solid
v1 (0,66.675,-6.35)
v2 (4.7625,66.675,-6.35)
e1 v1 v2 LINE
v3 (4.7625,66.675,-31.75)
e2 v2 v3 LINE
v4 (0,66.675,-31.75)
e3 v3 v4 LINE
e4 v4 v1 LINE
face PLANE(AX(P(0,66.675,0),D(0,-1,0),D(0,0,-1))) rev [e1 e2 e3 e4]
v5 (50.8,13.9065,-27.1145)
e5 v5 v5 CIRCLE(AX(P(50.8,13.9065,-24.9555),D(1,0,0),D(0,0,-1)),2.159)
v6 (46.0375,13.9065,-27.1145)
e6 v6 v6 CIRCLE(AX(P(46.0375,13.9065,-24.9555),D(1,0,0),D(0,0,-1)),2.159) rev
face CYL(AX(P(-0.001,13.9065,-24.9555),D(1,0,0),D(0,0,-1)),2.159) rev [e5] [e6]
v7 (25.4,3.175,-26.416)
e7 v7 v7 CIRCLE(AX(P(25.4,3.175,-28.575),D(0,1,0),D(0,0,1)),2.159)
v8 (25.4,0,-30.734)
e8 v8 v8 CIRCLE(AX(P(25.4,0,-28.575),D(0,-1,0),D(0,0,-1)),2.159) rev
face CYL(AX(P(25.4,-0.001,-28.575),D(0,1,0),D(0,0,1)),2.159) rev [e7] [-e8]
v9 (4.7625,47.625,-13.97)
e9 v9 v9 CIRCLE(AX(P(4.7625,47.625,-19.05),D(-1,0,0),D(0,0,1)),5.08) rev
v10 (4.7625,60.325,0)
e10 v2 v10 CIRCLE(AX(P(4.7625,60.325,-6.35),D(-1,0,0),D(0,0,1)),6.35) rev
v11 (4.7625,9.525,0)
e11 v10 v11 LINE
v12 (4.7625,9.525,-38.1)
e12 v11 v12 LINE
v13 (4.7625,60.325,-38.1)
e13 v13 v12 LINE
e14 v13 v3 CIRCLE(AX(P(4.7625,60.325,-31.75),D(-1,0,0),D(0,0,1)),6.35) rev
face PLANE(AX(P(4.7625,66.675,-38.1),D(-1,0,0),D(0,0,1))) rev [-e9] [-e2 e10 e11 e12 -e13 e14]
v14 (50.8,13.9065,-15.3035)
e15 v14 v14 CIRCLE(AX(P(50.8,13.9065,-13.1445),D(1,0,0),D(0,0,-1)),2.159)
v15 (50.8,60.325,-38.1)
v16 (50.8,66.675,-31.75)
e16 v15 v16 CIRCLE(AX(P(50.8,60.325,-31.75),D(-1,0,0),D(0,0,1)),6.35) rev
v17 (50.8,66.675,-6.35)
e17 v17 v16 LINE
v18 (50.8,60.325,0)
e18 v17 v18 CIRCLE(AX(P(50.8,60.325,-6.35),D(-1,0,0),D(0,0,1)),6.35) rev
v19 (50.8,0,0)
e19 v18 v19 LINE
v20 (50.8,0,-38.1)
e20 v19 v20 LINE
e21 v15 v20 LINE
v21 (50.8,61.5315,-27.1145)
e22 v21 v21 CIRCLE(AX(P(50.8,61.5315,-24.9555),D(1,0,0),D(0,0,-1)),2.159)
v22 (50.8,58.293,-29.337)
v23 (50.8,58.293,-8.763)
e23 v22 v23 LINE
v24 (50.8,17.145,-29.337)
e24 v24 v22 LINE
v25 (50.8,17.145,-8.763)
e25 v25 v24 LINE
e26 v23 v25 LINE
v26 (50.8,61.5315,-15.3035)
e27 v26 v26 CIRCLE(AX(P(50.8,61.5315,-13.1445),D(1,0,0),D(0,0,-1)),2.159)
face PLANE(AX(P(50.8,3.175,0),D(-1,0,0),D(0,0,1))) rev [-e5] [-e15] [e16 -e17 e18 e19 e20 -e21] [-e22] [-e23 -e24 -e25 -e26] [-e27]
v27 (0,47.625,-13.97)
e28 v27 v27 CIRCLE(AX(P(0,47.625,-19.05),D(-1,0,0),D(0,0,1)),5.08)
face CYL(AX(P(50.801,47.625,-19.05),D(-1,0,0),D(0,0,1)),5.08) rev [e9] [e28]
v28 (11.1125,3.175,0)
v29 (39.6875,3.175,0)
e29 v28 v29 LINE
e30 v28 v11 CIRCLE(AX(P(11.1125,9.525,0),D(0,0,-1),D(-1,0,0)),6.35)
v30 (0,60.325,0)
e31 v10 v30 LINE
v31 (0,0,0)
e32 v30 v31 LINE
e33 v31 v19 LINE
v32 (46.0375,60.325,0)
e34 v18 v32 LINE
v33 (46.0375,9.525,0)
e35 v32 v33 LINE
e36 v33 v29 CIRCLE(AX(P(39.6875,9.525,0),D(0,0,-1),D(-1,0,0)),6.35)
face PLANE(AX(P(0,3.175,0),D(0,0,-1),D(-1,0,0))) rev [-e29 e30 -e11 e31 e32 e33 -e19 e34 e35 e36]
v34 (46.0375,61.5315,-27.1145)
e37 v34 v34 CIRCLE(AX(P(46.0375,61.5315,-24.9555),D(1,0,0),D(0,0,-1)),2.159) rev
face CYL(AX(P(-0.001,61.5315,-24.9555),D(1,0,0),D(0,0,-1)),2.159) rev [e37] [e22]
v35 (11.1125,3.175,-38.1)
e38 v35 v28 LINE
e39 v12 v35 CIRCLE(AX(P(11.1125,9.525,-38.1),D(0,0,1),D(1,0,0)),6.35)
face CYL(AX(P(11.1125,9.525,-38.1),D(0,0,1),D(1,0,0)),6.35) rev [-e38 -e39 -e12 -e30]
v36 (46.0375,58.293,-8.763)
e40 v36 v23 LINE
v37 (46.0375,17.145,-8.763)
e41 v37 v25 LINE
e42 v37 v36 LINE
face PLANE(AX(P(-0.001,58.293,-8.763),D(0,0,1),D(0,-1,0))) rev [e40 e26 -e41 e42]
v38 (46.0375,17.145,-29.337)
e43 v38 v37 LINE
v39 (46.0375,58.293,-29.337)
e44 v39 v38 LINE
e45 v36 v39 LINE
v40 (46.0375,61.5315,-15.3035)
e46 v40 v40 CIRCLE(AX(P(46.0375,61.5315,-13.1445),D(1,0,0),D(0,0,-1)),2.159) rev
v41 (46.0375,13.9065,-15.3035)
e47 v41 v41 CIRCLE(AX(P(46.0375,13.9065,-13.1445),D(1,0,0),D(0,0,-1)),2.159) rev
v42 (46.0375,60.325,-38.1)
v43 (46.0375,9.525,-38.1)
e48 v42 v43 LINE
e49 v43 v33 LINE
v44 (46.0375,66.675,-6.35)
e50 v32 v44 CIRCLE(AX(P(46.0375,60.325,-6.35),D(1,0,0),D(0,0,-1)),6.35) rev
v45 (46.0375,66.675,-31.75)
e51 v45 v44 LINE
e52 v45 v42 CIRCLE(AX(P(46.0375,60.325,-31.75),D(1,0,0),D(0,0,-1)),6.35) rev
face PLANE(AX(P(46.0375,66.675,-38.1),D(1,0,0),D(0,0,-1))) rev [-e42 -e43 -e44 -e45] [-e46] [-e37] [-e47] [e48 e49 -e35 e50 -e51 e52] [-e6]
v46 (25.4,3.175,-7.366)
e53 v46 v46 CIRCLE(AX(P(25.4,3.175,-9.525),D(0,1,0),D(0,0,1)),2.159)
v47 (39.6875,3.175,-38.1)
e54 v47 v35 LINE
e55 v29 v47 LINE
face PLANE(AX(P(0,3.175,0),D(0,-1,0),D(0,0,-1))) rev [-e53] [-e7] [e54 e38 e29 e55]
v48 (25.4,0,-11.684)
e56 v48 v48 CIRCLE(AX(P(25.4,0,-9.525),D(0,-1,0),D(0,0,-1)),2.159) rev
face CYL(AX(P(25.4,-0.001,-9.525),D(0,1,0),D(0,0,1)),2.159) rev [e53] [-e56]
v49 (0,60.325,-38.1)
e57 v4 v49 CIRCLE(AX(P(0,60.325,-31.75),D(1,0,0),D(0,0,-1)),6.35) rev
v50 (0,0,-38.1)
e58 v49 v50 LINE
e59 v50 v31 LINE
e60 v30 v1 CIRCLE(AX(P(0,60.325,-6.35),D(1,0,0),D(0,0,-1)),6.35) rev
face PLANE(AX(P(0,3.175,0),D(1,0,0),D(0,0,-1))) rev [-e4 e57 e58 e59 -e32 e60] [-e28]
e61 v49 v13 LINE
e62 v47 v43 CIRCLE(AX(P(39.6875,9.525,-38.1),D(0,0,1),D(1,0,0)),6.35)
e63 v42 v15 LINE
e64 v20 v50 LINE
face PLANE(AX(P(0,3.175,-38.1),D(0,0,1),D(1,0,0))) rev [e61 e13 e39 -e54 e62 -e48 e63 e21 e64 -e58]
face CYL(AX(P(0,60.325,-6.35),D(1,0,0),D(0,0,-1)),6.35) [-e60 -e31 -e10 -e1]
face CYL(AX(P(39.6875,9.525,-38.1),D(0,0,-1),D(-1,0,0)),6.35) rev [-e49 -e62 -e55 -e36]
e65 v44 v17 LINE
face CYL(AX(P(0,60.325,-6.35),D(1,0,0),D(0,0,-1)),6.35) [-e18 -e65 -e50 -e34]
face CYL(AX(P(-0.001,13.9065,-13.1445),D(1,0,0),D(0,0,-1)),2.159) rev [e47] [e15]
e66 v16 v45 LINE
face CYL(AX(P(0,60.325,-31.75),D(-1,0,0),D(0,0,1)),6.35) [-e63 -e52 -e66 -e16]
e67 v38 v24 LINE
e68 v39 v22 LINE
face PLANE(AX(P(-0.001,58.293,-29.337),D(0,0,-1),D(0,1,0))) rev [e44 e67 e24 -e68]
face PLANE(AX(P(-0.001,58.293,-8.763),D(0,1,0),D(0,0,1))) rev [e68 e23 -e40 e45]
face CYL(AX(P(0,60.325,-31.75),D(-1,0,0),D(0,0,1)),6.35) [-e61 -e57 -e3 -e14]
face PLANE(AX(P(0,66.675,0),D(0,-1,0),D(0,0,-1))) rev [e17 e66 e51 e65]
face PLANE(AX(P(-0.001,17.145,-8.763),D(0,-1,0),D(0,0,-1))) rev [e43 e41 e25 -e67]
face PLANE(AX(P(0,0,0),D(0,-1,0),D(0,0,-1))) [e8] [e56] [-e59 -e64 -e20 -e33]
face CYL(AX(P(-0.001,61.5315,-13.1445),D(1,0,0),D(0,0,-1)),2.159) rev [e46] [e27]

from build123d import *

# Parameters (mm, degrees)
SKETCH1_W           = 50.8
SKETCH1_H           = 38.1
BOSS_EXTRUDE1_DEPTH = 3.175
SKETCH2_W           = 4.7625
SKETCH2_H           = 38.1
BOSS_EXTRUDE2_DEPTH = 63.5
FILLET1_R           = 6.35
CUT_EXTRUDE1_REACH  = 52.8
SKETCH3_R           = 2.159
SKETCH3_W           = 20.574
SKETCH3_H           = 41.148
CUT_EXTRUDE2_REACH  = 5.175
SKETCH4_R           = 2.159
CUT_EXTRUDE3_REACH  = 52.8
SKETCH5_R           = 5.08


with BuildPart() as part:
    # Sketch1 → Boss-Extrude1 (new body)
    with BuildSketch(Plane(origin=(0, 0, 0), x_dir=(1, 0, 0), z_dir=(0, 1, 0))):
        with Locations((25.4, 19.05)):
            Rectangle(SKETCH1_W, SKETCH1_H)
    extrude(amount=BOSS_EXTRUDE1_DEPTH)

    # Sketch2 → Boss-Extrude2 (add)
    with BuildSketch(Plane(origin=(0, 3.175, 0), x_dir=(1, 0, 0), z_dir=(0, 1, 0))):
        with Locations((48.41875, 19.05)):
            Rectangle(SKETCH2_W, SKETCH2_H)
        with Locations((2.38125, 19.05)):
            Rectangle(SKETCH2_W, SKETCH2_H)
    extrude(amount=BOSS_EXTRUDE2_DEPTH)

    # Fillet1
    fillet1_edges = [part.edges().sort_by_distance(p)[0] for p in [
        (46.0375, 3.175, -19.05),
        (48.41875, 66.675, -38.1),
        (48.41875, 66.675, 0),
        (4.7625, 3.175, -19.05),
        (2.38125, 66.675, -38.1),
        (2.38125, 66.675, 0),
    ]]
    fillet(fillet1_edges, radius=FILLET1_R)

    # Sketch3 → Cut-Extrude1 (cut, up to next)
    with BuildSketch(Plane(origin=(50.8, 0, 0), x_dir=(0, 0, -1), z_dir=(1, 0, 0)), mode=Mode.PRIVATE) as cut_extrude1_sk1:
        with Locations((24.9555, 61.5315)):
            Circle(SKETCH3_R)
    cut_extrude1_tool1 = extrude(cut_extrude1_sk1.sketch, amount=-CUT_EXTRUDE1_REACH, mode=Mode.PRIVATE) & part.part
    add(cut_extrude1_tool1.solids().sort_by_distance((50.8, 61.5315, -24.9555))[0], mode=Mode.SUBTRACT)
    # Sketch3 → Cut-Extrude1 (cut, up to next)
    with BuildSketch(Plane(origin=(50.8, 0, 0), x_dir=(0, 0, -1), z_dir=(1, 0, 0)), mode=Mode.PRIVATE) as cut_extrude1_sk2:
        with Locations((13.1445, 61.5315)):
            Circle(SKETCH3_R)
    cut_extrude1_tool2 = extrude(cut_extrude1_sk2.sketch, amount=-CUT_EXTRUDE1_REACH, mode=Mode.PRIVATE) & part.part
    add(cut_extrude1_tool2.solids().sort_by_distance((50.8, 61.5315, -13.1445))[0], mode=Mode.SUBTRACT)
    # Sketch3 → Cut-Extrude1 (cut, up to next)
    with BuildSketch(Plane(origin=(50.8, 0, 0), x_dir=(0, 0, -1), z_dir=(1, 0, 0)), mode=Mode.PRIVATE) as cut_extrude1_sk3:
        with Locations((13.1445, 13.9065)):
            Circle(SKETCH3_R)
    cut_extrude1_tool3 = extrude(cut_extrude1_sk3.sketch, amount=-CUT_EXTRUDE1_REACH, mode=Mode.PRIVATE) & part.part
    add(cut_extrude1_tool3.solids().sort_by_distance((50.8, 13.9065, -13.1445))[0], mode=Mode.SUBTRACT)
    # Sketch3 → Cut-Extrude1 (cut, up to next)
    with BuildSketch(Plane(origin=(50.8, 0, 0), x_dir=(0, 0, -1), z_dir=(1, 0, 0)), mode=Mode.PRIVATE) as cut_extrude1_sk4:
        with Locations((24.9555, 13.9065)):
            Circle(SKETCH3_R)
    cut_extrude1_tool4 = extrude(cut_extrude1_sk4.sketch, amount=-CUT_EXTRUDE1_REACH, mode=Mode.PRIVATE) & part.part
    add(cut_extrude1_tool4.solids().sort_by_distance((50.8, 13.9065, -24.9555))[0], mode=Mode.SUBTRACT)
    # Sketch3 → Cut-Extrude1 (cut, up to next)
    with BuildSketch(Plane(origin=(50.8, 0, 0), x_dir=(0, 0, -1), z_dir=(1, 0, 0)), mode=Mode.PRIVATE) as cut_extrude1_sk5:
        with Locations((19.05, 37.719)):
            Rectangle(SKETCH3_W, SKETCH3_H)
    cut_extrude1_tool5 = extrude(cut_extrude1_sk5.sketch, amount=-CUT_EXTRUDE1_REACH, mode=Mode.PRIVATE) & part.part
    add(cut_extrude1_tool5.solids().sort_by_distance((50.8, 37.719, -19.05))[0], mode=Mode.SUBTRACT)

    # Sketch4 → Cut-Extrude2 (cut, up to next)
    with BuildSketch(Plane(origin=(0, 3.175, 0), x_dir=(1, 0, 0), z_dir=(0, 1, 0)), mode=Mode.PRIVATE) as cut_extrude2_sk1:
        with Locations((25.4, 28.575)):
            Circle(SKETCH4_R)
    cut_extrude2_tool1 = extrude(cut_extrude2_sk1.sketch, amount=-CUT_EXTRUDE2_REACH, mode=Mode.PRIVATE) & part.part
    add(cut_extrude2_tool1.solids().sort_by_distance((25.4, 3.175, -28.575))[0], mode=Mode.SUBTRACT)
    # Sketch4 → Cut-Extrude2 (cut, up to next)
    with BuildSketch(Plane(origin=(0, 3.175, 0), x_dir=(1, 0, 0), z_dir=(0, 1, 0)), mode=Mode.PRIVATE) as cut_extrude2_sk2:
        with Locations((25.4, 9.525)):
            Circle(SKETCH4_R)
    cut_extrude2_tool2 = extrude(cut_extrude2_sk2.sketch, amount=-CUT_EXTRUDE2_REACH, mode=Mode.PRIVATE) & part.part
    add(cut_extrude2_tool2.solids().sort_by_distance((25.4, 3.175, -9.525))[0], mode=Mode.SUBTRACT)

    # Sketch5 → Cut-Extrude3 (cut, up to next)
    with BuildSketch(Plane.ZY, mode=Mode.PRIVATE) as cut_extrude3_sk1:
        with Locations((-19.05, 47.625)):
            Circle(SKETCH5_R)
    cut_extrude3_tool1 = extrude(cut_extrude3_sk1.sketch, amount=-CUT_EXTRUDE3_REACH, mode=Mode.PRIVATE) & part.part
    add(cut_extrude3_tool1.solids().sort_by_distance((0, 47.625, -19.05))[0], mode=Mode.SUBTRACT)


solid = part.part
